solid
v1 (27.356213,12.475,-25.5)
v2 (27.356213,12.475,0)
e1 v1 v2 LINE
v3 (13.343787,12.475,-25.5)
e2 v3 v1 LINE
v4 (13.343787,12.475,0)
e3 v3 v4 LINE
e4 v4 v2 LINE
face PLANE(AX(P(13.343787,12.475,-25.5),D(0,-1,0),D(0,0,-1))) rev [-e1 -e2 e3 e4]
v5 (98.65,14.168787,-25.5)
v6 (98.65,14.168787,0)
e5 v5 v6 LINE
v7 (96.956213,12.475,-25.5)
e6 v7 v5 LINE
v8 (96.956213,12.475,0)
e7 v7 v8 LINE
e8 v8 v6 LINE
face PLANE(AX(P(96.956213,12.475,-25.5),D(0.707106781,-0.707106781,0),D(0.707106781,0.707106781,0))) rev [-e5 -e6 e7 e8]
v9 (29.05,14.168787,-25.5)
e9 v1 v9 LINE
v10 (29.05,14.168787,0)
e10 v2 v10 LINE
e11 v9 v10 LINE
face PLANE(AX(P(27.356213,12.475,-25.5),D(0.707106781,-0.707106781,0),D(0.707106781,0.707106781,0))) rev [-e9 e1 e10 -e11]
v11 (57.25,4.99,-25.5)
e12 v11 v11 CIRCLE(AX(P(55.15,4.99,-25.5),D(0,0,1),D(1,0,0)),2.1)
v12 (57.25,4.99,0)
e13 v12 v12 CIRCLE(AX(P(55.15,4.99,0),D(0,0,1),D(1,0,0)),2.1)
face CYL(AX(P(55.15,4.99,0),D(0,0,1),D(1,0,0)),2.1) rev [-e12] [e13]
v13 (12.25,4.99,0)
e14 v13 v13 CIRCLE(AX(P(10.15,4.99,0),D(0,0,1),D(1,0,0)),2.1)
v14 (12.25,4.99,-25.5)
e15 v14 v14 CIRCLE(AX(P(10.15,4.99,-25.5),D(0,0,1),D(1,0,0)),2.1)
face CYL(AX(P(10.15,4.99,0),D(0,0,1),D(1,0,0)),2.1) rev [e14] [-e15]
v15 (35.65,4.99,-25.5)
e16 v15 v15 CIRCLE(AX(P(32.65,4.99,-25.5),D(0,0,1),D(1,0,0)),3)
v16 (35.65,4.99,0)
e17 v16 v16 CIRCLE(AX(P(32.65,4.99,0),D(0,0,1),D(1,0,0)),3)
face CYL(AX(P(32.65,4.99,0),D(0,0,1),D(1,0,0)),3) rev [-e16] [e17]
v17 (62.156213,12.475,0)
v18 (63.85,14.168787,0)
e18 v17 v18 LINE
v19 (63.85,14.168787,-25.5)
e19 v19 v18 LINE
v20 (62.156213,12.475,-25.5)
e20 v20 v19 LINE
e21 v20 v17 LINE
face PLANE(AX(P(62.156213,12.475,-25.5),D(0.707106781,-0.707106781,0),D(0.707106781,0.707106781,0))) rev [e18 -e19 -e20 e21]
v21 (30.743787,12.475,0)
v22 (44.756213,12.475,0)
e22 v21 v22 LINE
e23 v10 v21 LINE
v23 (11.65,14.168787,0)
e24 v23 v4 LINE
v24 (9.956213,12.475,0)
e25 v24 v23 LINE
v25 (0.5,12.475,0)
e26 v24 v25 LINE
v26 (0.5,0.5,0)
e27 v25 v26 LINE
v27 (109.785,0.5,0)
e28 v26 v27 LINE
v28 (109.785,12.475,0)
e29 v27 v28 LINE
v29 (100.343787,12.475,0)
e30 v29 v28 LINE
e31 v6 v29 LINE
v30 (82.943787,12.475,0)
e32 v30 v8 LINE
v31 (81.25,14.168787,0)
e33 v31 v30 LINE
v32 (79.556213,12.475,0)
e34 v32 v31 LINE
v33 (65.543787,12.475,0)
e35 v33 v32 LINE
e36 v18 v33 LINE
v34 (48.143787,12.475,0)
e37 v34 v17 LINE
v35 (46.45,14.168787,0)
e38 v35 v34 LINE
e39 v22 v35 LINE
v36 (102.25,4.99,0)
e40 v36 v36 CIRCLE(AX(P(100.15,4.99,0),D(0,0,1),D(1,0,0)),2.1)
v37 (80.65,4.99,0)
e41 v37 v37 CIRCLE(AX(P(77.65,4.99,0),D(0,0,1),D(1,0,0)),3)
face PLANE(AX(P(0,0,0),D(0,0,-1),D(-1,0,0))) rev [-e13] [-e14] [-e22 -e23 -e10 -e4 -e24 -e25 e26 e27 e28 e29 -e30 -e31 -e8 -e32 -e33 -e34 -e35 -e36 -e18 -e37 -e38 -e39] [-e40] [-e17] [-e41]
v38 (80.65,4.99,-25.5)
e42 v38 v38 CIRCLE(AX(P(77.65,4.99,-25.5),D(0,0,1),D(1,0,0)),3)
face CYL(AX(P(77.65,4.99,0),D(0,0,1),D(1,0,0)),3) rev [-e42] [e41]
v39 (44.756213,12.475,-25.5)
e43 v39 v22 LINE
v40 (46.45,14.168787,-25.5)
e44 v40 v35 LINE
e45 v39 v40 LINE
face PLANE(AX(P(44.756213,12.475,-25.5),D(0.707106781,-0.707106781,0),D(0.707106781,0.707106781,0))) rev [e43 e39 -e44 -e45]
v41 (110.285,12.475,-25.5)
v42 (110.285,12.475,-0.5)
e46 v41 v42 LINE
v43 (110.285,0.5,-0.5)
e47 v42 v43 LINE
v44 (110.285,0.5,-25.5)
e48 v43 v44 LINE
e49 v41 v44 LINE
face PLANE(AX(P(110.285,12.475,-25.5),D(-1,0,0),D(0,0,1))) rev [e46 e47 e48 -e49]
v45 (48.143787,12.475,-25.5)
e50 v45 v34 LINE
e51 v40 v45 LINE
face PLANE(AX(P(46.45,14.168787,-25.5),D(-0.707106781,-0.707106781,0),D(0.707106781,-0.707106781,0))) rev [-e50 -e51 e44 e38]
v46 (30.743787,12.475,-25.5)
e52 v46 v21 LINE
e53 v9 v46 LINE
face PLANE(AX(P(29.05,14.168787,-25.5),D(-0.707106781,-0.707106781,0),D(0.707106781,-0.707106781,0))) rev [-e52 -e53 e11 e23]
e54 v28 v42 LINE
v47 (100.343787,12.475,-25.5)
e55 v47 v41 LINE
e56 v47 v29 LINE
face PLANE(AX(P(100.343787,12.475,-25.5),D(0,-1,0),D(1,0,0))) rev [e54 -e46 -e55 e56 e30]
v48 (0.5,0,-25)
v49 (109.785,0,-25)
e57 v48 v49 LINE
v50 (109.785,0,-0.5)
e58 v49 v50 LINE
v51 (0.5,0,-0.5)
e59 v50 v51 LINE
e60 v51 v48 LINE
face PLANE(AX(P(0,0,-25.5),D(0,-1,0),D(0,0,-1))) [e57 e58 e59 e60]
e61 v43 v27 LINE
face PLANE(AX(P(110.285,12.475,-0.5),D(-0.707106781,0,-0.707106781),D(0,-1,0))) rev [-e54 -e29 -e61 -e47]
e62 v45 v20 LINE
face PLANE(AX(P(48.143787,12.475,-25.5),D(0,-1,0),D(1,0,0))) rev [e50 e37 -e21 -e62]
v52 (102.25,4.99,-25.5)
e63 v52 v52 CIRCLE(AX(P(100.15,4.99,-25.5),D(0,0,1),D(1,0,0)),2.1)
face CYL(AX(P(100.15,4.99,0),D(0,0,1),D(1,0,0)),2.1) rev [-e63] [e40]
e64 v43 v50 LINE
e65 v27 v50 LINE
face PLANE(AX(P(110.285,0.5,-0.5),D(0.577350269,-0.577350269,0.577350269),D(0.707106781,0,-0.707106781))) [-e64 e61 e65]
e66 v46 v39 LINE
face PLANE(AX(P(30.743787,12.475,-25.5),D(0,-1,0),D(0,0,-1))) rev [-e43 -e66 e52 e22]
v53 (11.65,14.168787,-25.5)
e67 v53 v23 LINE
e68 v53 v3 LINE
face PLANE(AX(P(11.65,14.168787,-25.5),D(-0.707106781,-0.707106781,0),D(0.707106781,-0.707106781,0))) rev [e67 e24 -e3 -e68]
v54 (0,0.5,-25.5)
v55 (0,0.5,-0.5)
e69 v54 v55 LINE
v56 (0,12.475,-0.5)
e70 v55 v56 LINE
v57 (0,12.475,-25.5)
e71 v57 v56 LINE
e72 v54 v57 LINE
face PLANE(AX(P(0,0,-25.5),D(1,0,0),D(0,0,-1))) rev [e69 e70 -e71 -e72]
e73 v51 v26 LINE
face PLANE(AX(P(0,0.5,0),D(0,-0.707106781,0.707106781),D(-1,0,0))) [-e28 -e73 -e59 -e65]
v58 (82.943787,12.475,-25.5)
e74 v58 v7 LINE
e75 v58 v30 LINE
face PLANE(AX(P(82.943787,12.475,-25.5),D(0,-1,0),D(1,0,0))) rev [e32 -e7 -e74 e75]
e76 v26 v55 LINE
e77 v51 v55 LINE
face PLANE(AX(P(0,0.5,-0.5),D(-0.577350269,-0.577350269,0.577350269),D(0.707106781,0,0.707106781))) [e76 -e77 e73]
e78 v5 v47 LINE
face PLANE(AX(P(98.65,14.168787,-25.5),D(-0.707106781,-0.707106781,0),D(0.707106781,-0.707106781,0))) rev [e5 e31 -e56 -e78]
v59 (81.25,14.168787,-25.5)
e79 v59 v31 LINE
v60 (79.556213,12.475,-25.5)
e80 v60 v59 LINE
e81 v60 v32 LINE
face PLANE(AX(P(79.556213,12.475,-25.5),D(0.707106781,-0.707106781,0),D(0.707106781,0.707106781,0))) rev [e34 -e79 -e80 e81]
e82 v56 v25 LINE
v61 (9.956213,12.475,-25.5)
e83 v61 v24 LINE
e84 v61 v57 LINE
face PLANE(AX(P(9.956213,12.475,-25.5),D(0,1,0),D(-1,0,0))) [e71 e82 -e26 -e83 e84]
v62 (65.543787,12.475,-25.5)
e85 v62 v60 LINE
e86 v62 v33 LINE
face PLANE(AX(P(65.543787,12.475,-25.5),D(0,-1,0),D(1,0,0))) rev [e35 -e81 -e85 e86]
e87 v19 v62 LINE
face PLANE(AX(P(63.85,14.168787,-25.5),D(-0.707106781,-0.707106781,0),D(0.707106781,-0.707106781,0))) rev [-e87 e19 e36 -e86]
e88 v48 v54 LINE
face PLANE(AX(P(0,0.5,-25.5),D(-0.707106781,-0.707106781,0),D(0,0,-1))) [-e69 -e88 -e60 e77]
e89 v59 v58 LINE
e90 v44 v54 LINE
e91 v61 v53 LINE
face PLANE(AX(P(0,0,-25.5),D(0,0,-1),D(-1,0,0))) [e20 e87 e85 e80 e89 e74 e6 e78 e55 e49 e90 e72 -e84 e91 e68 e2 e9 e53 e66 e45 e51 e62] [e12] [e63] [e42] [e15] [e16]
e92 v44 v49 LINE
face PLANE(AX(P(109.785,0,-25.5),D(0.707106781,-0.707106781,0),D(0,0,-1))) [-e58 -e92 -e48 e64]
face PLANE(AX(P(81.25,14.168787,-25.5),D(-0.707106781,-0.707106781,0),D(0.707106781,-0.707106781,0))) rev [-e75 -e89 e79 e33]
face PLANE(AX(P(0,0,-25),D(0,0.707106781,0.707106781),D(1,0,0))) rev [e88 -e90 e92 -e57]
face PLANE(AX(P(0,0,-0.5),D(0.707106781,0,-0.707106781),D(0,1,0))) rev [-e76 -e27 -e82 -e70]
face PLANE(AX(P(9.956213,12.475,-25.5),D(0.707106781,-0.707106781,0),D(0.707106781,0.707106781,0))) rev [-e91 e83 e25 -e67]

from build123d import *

# Parameters (mm, degrees)
EXTRUDE_1_DEPTH     = 25.5
M5X0_81_D           = 4.2
HOLE_WIZARD_6_0_1_D = 6
CHAMFER_1_SIZE      = 0.5


with BuildPart() as part:
    # Эскиз1 → Бобышка-Вытянуть1 (new body)
    with BuildSketch(Plane.XY):
        Polygon((110.285, 12.475), (110.285, 0), (0, 0), (0, 12.475), (9.956213203, 12.475), (11.65, 14.168786797), (13.343786797, 12.475), (27.356213203, 12.475), (29.05, 14.168786797), (30.743786797, 12.475), (44.756213203, 12.475), (46.45, 14.168786797), (48.143786797, 12.475), (62.156213203, 12.475), (63.85, 14.168786797), (65.543786797, 12.475), (79.556213203, 12.475), (81.25, 14.168786797), (82.943786797, 12.475), (96.956213203, 12.475), (98.65, 14.168786797), (100.343786797, 12.475), align=None)
    extrude(amount=-EXTRUDE_1_DEPTH)

    # Отверстие обработанное метчиком M5x0.81 (through all)
    with Locations(Plane(origin=(-77.729263736, 6.808390477, 0), x_dir=(1, 0, 0), z_dir=(0, 0, 1))):
        with Locations((132.879263736, -1.818390477), (87.879263736, -1.818390477), (177.879263736, -1.818390477)):
            Hole(M5X0_81_D / 2)

    # Отверстия под штифты Ø6.0 мм1 (through all)
    with Locations(Plane.XY):
        with Locations((32.65, 4.99), (77.65, 4.99)):
            Hole(HOLE_WIZARD_6_0_1_D / 2)

    # Фаска1
    chamfer_1_edges = [part.edges().sort_by_distance(p)[0] for p in [
        (0, 6.2375, 0),
        (55.1425, 0, 0),
        (110.285, 6.2375, 0),
        (0, 0, -12.75),
        (110.285, 0, -12.75),
        (55.1425, 0, -25.5),
    ]]
    chamfer(chamfer_1_edges, length=CHAMFER_1_SIZE)


solid = part.part
